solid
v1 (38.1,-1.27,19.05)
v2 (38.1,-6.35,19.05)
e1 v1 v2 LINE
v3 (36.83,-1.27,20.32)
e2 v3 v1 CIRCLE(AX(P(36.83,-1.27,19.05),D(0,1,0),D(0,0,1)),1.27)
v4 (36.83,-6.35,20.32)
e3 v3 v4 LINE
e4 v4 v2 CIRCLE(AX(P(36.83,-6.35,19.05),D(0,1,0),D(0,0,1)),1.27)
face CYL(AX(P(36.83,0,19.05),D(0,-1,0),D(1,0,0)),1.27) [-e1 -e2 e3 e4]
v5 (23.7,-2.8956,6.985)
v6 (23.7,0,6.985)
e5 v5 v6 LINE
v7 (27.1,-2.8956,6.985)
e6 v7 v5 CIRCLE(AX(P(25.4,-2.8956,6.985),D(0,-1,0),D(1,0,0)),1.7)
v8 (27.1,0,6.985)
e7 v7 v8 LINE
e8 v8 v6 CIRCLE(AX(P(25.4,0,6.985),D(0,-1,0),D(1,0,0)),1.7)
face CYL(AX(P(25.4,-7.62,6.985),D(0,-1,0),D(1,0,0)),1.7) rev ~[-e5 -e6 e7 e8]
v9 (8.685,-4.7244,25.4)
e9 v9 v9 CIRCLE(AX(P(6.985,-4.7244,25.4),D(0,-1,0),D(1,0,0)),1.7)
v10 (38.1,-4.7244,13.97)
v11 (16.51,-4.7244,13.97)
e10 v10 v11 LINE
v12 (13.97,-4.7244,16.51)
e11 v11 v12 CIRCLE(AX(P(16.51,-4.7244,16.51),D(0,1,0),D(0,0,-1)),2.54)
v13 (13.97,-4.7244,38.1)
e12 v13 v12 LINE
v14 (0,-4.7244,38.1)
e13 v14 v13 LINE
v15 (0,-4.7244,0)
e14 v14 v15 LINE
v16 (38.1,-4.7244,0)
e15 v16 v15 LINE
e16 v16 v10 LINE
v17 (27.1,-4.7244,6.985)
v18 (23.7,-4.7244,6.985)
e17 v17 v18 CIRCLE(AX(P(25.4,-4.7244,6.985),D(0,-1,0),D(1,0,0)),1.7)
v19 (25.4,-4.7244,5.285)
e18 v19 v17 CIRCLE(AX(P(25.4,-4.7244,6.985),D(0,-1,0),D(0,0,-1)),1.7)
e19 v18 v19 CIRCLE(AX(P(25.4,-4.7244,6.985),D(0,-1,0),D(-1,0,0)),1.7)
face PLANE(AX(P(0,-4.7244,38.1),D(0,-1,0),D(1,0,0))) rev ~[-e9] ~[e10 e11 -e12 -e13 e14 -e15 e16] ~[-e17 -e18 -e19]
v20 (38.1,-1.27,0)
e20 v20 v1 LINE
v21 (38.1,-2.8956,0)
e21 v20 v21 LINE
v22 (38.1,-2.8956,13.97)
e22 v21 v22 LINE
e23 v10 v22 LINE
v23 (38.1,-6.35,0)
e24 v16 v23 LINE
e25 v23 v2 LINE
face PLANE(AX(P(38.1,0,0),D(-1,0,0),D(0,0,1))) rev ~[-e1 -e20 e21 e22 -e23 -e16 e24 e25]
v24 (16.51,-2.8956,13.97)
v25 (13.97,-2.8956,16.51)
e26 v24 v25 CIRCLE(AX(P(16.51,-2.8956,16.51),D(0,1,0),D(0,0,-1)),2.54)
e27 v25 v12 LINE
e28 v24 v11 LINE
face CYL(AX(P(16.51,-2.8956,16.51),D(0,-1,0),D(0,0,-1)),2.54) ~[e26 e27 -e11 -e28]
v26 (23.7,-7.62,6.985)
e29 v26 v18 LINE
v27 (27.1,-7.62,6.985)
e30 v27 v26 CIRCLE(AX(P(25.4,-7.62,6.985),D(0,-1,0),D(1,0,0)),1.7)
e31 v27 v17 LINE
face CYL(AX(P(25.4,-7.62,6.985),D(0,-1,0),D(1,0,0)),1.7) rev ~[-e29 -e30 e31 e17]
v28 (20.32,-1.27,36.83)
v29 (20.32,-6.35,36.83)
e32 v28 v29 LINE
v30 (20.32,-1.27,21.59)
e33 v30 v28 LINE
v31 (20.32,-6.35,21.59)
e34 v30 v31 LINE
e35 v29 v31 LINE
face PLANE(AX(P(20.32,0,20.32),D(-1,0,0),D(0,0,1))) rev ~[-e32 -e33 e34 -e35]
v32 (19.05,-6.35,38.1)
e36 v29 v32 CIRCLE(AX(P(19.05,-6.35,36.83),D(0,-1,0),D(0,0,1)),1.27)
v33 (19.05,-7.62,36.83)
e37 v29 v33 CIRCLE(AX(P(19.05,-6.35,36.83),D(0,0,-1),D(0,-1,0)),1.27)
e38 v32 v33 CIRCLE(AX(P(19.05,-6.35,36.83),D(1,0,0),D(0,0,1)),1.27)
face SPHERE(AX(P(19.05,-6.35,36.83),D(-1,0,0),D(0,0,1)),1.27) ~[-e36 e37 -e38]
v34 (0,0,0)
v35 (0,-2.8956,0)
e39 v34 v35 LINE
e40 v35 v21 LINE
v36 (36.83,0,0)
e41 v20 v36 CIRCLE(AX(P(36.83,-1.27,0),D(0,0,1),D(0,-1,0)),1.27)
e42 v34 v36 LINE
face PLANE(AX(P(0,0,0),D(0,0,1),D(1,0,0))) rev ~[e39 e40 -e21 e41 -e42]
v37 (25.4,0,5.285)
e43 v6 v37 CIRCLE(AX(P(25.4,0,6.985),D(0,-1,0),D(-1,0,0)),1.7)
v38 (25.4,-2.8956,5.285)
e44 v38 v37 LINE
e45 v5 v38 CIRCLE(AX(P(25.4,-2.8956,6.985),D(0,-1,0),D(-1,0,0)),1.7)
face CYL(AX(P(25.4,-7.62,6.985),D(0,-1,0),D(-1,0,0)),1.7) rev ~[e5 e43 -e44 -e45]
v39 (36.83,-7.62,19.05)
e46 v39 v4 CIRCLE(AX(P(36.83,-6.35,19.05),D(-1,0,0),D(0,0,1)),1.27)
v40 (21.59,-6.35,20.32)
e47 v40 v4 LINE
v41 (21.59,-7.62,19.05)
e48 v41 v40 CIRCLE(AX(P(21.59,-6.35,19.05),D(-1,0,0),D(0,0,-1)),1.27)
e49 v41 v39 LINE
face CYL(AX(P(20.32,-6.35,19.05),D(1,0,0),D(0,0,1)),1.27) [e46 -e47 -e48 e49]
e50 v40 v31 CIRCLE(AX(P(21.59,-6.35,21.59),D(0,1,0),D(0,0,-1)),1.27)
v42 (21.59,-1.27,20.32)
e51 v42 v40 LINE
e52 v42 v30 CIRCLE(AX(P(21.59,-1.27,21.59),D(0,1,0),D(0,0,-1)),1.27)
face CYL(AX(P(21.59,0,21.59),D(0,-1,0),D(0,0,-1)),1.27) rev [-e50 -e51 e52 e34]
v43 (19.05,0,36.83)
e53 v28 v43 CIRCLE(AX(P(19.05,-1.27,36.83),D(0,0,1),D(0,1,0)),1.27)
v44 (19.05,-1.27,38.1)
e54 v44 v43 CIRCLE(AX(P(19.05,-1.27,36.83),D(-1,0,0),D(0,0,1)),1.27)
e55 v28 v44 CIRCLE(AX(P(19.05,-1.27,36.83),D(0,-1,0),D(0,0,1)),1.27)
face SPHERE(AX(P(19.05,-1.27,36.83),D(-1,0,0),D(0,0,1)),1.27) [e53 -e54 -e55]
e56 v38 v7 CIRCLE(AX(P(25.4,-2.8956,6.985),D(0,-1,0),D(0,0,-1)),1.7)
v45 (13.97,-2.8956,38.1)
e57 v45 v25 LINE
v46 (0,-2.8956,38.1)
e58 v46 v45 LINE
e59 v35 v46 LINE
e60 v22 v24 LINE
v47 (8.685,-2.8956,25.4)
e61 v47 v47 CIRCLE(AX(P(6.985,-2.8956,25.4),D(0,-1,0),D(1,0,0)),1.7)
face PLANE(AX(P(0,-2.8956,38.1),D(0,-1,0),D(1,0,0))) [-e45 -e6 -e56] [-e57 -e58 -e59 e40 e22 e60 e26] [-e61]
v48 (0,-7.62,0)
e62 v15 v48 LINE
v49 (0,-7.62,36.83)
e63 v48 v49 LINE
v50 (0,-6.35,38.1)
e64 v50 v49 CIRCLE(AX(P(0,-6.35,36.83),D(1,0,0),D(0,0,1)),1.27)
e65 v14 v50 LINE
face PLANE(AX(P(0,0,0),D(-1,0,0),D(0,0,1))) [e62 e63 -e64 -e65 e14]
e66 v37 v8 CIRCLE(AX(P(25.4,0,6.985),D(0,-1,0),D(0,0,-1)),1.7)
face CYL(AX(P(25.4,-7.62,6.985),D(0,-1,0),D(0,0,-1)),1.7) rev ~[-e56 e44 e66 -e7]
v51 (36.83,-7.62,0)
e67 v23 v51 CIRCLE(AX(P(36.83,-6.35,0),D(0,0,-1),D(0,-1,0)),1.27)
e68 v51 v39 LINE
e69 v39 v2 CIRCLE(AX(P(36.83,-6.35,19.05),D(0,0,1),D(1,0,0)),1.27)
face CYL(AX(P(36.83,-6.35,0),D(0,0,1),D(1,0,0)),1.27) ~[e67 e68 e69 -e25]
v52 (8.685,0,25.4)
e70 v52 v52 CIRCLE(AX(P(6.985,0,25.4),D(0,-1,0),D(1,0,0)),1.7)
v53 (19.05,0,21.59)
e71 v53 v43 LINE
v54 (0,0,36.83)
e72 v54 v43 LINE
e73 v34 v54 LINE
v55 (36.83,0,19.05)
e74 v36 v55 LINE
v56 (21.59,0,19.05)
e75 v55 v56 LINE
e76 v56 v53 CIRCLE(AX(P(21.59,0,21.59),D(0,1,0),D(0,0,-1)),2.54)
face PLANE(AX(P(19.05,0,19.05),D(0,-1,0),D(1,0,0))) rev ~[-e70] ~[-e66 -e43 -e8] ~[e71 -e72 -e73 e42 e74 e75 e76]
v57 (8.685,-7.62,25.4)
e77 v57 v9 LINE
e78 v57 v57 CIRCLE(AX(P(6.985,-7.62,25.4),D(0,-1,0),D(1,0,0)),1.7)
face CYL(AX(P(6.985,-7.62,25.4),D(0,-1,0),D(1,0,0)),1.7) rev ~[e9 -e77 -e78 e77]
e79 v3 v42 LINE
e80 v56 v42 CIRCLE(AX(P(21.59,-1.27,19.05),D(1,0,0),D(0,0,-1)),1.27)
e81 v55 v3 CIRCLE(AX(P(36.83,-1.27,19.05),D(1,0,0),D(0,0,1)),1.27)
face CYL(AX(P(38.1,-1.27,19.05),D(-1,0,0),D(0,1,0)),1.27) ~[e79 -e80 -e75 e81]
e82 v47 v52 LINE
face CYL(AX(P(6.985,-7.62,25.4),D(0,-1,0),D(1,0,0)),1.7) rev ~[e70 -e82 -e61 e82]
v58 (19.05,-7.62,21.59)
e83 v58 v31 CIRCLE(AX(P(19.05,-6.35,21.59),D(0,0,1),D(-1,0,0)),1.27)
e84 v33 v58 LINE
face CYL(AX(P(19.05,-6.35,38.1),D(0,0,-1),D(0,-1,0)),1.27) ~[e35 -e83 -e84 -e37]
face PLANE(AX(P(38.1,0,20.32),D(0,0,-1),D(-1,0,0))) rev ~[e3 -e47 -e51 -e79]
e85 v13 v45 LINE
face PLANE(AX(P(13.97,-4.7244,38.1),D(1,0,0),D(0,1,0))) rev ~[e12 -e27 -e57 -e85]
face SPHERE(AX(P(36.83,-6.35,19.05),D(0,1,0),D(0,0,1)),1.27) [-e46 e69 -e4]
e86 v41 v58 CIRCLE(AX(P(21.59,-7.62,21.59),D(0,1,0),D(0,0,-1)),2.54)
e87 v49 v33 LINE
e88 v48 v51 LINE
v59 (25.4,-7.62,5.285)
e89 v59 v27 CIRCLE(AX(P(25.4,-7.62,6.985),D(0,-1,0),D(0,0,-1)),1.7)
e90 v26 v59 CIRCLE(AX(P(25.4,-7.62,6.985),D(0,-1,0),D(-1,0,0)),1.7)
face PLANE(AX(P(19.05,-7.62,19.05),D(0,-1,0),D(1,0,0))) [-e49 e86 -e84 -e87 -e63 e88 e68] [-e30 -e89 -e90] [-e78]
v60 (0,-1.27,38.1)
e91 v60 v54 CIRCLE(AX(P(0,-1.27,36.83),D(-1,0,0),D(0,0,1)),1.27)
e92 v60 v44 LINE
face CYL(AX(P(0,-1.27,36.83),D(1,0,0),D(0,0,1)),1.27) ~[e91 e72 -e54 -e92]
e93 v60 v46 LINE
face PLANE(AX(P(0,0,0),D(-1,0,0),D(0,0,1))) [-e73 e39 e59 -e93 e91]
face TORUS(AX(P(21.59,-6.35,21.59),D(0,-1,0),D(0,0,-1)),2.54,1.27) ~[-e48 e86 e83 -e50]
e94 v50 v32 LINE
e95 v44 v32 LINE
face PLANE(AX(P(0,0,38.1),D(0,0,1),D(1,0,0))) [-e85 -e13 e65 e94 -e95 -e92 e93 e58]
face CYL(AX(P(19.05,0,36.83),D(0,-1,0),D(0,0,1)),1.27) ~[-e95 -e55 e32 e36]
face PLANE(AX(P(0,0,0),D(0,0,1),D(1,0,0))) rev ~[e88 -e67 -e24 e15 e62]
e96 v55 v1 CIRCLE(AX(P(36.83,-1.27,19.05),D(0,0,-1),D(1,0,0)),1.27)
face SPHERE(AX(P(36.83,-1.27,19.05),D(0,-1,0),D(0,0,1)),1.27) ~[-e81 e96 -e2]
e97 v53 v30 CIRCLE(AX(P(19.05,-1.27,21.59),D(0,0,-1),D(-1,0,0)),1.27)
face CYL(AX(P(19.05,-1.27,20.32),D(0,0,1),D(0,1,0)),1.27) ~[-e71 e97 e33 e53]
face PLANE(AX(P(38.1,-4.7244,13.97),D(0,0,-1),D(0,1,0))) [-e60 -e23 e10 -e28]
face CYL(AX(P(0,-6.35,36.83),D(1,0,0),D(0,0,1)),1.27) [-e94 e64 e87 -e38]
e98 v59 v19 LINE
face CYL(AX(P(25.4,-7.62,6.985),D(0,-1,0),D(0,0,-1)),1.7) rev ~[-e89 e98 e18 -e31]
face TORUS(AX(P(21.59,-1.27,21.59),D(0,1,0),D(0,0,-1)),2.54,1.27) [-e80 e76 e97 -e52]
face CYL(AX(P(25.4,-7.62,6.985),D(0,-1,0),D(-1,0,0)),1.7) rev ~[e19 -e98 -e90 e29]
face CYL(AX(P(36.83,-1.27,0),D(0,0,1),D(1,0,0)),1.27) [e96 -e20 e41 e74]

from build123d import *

# Parameters (mm, degrees)
F0_W      = 38.1
F0_H      = 38.1
F1_DEPTH  = 7.62
F2_W      = 1.8288
F2_H      = 13.97
F3_DEPTH  = 38.101
F4_W      = 13.97
F4_H      = 1.8288
F5_DEPTH  = 38.101
F6_W      = 17.78
F6_H      = 17.78
F7_DEPTH  = 7.621
F8_R      = 2.54
F9_R      = 1.7
F10_DEPTH = 7.621
F11_R     = 1.27


with BuildPart() as f1:
    # F0 (on Front) → F1 (new body)
    with BuildSketch(Plane.XZ):
        with Locations((19.05, 19.05)):
            Rectangle(F0_W, F0_H)
    extrude(amount=F1_DEPTH)

    # F2 (on face) → F3 (cut, through all)
    with BuildSketch(Plane.YZ.offset(38.1)):
        with Locations((-3.81, 6.985)):
            Rectangle(F2_W, F2_H)
    extrude(amount=-F3_DEPTH, mode=Mode.SUBTRACT)

    # F4 (on face) → F5 (cut, through all)
    with BuildSketch(Plane.XY.offset(38.1)):
        with Locations((6.985, -3.81)):
            Rectangle(F4_W, F4_H)
    extrude(amount=-F5_DEPTH, mode=Mode.SUBTRACT)

    # F6 (on face) → F7 (cut, through all)
    with BuildSketch(Plane(origin=(0, 0, 0), x_dir=(-1, 0, 0), z_dir=(0, 1, 0))):
        with Locations((-29.21, 29.21)):
            Rectangle(F6_W, F6_H)
    extrude(amount=-F7_DEPTH, mode=Mode.SUBTRACT)

    # F8
    f8_edges = [f1.edges().sort_by_distance(p)[0] for p in [
        (13.97, -3.81, 13.97),
    ]]
    fillet(f8_edges, radius=F8_R)

    # F9 (on face) → F10 (cut, through all)
    with BuildSketch(Plane.XZ.offset(7.62)):
        with Locations((6.985, 25.4)):
            Circle(F9_R)
        with BuildLine():
            ThreePointArc((23.7, 6.985), (24.197918472, 5.782918472), (25.4, 5.285))
            Line((25.4, 5.285), (25.4, 6.985))
            Line((25.4, 6.985), (23.7, 6.985))
        make_face()
        with BuildLine():
            Line((25.4, 6.985), (25.4, 5.285))
            ThreePointArc((25.4, 5.285), (26.602081528, 5.782918472), (27.1, 6.985))
            ThreePointArc((27.1, 6.985), (25.4, 8.685), (23.7, 6.985))
            Line((23.7, 6.985), (25.4, 6.985))
        make_face()
    extrude(amount=-F10_DEPTH, mode=Mode.SUBTRACT)

    # F11
    f11_edges = [f1.edges().sort_by_distance(p)[0] for p in [
        (10.16, 0, 38.1),
        (10.16, -7.62, 38.1),
        (20.32, -3.81, 38.1),
        (20.32, 0, 29.21),
        (20.32, -7.62, 29.21),
        (20.32, -3.81, 20.32),
        (38.1, -3.81, 20.32),
        (29.21, 0, 20.32),
        (29.21, -7.62, 20.32),
        (38.1, 0, 10.16),
        (38.1, -7.62, 10.16),
    ]]
    fillet(f11_edges, radius=F11_R)


solid = f1.part
